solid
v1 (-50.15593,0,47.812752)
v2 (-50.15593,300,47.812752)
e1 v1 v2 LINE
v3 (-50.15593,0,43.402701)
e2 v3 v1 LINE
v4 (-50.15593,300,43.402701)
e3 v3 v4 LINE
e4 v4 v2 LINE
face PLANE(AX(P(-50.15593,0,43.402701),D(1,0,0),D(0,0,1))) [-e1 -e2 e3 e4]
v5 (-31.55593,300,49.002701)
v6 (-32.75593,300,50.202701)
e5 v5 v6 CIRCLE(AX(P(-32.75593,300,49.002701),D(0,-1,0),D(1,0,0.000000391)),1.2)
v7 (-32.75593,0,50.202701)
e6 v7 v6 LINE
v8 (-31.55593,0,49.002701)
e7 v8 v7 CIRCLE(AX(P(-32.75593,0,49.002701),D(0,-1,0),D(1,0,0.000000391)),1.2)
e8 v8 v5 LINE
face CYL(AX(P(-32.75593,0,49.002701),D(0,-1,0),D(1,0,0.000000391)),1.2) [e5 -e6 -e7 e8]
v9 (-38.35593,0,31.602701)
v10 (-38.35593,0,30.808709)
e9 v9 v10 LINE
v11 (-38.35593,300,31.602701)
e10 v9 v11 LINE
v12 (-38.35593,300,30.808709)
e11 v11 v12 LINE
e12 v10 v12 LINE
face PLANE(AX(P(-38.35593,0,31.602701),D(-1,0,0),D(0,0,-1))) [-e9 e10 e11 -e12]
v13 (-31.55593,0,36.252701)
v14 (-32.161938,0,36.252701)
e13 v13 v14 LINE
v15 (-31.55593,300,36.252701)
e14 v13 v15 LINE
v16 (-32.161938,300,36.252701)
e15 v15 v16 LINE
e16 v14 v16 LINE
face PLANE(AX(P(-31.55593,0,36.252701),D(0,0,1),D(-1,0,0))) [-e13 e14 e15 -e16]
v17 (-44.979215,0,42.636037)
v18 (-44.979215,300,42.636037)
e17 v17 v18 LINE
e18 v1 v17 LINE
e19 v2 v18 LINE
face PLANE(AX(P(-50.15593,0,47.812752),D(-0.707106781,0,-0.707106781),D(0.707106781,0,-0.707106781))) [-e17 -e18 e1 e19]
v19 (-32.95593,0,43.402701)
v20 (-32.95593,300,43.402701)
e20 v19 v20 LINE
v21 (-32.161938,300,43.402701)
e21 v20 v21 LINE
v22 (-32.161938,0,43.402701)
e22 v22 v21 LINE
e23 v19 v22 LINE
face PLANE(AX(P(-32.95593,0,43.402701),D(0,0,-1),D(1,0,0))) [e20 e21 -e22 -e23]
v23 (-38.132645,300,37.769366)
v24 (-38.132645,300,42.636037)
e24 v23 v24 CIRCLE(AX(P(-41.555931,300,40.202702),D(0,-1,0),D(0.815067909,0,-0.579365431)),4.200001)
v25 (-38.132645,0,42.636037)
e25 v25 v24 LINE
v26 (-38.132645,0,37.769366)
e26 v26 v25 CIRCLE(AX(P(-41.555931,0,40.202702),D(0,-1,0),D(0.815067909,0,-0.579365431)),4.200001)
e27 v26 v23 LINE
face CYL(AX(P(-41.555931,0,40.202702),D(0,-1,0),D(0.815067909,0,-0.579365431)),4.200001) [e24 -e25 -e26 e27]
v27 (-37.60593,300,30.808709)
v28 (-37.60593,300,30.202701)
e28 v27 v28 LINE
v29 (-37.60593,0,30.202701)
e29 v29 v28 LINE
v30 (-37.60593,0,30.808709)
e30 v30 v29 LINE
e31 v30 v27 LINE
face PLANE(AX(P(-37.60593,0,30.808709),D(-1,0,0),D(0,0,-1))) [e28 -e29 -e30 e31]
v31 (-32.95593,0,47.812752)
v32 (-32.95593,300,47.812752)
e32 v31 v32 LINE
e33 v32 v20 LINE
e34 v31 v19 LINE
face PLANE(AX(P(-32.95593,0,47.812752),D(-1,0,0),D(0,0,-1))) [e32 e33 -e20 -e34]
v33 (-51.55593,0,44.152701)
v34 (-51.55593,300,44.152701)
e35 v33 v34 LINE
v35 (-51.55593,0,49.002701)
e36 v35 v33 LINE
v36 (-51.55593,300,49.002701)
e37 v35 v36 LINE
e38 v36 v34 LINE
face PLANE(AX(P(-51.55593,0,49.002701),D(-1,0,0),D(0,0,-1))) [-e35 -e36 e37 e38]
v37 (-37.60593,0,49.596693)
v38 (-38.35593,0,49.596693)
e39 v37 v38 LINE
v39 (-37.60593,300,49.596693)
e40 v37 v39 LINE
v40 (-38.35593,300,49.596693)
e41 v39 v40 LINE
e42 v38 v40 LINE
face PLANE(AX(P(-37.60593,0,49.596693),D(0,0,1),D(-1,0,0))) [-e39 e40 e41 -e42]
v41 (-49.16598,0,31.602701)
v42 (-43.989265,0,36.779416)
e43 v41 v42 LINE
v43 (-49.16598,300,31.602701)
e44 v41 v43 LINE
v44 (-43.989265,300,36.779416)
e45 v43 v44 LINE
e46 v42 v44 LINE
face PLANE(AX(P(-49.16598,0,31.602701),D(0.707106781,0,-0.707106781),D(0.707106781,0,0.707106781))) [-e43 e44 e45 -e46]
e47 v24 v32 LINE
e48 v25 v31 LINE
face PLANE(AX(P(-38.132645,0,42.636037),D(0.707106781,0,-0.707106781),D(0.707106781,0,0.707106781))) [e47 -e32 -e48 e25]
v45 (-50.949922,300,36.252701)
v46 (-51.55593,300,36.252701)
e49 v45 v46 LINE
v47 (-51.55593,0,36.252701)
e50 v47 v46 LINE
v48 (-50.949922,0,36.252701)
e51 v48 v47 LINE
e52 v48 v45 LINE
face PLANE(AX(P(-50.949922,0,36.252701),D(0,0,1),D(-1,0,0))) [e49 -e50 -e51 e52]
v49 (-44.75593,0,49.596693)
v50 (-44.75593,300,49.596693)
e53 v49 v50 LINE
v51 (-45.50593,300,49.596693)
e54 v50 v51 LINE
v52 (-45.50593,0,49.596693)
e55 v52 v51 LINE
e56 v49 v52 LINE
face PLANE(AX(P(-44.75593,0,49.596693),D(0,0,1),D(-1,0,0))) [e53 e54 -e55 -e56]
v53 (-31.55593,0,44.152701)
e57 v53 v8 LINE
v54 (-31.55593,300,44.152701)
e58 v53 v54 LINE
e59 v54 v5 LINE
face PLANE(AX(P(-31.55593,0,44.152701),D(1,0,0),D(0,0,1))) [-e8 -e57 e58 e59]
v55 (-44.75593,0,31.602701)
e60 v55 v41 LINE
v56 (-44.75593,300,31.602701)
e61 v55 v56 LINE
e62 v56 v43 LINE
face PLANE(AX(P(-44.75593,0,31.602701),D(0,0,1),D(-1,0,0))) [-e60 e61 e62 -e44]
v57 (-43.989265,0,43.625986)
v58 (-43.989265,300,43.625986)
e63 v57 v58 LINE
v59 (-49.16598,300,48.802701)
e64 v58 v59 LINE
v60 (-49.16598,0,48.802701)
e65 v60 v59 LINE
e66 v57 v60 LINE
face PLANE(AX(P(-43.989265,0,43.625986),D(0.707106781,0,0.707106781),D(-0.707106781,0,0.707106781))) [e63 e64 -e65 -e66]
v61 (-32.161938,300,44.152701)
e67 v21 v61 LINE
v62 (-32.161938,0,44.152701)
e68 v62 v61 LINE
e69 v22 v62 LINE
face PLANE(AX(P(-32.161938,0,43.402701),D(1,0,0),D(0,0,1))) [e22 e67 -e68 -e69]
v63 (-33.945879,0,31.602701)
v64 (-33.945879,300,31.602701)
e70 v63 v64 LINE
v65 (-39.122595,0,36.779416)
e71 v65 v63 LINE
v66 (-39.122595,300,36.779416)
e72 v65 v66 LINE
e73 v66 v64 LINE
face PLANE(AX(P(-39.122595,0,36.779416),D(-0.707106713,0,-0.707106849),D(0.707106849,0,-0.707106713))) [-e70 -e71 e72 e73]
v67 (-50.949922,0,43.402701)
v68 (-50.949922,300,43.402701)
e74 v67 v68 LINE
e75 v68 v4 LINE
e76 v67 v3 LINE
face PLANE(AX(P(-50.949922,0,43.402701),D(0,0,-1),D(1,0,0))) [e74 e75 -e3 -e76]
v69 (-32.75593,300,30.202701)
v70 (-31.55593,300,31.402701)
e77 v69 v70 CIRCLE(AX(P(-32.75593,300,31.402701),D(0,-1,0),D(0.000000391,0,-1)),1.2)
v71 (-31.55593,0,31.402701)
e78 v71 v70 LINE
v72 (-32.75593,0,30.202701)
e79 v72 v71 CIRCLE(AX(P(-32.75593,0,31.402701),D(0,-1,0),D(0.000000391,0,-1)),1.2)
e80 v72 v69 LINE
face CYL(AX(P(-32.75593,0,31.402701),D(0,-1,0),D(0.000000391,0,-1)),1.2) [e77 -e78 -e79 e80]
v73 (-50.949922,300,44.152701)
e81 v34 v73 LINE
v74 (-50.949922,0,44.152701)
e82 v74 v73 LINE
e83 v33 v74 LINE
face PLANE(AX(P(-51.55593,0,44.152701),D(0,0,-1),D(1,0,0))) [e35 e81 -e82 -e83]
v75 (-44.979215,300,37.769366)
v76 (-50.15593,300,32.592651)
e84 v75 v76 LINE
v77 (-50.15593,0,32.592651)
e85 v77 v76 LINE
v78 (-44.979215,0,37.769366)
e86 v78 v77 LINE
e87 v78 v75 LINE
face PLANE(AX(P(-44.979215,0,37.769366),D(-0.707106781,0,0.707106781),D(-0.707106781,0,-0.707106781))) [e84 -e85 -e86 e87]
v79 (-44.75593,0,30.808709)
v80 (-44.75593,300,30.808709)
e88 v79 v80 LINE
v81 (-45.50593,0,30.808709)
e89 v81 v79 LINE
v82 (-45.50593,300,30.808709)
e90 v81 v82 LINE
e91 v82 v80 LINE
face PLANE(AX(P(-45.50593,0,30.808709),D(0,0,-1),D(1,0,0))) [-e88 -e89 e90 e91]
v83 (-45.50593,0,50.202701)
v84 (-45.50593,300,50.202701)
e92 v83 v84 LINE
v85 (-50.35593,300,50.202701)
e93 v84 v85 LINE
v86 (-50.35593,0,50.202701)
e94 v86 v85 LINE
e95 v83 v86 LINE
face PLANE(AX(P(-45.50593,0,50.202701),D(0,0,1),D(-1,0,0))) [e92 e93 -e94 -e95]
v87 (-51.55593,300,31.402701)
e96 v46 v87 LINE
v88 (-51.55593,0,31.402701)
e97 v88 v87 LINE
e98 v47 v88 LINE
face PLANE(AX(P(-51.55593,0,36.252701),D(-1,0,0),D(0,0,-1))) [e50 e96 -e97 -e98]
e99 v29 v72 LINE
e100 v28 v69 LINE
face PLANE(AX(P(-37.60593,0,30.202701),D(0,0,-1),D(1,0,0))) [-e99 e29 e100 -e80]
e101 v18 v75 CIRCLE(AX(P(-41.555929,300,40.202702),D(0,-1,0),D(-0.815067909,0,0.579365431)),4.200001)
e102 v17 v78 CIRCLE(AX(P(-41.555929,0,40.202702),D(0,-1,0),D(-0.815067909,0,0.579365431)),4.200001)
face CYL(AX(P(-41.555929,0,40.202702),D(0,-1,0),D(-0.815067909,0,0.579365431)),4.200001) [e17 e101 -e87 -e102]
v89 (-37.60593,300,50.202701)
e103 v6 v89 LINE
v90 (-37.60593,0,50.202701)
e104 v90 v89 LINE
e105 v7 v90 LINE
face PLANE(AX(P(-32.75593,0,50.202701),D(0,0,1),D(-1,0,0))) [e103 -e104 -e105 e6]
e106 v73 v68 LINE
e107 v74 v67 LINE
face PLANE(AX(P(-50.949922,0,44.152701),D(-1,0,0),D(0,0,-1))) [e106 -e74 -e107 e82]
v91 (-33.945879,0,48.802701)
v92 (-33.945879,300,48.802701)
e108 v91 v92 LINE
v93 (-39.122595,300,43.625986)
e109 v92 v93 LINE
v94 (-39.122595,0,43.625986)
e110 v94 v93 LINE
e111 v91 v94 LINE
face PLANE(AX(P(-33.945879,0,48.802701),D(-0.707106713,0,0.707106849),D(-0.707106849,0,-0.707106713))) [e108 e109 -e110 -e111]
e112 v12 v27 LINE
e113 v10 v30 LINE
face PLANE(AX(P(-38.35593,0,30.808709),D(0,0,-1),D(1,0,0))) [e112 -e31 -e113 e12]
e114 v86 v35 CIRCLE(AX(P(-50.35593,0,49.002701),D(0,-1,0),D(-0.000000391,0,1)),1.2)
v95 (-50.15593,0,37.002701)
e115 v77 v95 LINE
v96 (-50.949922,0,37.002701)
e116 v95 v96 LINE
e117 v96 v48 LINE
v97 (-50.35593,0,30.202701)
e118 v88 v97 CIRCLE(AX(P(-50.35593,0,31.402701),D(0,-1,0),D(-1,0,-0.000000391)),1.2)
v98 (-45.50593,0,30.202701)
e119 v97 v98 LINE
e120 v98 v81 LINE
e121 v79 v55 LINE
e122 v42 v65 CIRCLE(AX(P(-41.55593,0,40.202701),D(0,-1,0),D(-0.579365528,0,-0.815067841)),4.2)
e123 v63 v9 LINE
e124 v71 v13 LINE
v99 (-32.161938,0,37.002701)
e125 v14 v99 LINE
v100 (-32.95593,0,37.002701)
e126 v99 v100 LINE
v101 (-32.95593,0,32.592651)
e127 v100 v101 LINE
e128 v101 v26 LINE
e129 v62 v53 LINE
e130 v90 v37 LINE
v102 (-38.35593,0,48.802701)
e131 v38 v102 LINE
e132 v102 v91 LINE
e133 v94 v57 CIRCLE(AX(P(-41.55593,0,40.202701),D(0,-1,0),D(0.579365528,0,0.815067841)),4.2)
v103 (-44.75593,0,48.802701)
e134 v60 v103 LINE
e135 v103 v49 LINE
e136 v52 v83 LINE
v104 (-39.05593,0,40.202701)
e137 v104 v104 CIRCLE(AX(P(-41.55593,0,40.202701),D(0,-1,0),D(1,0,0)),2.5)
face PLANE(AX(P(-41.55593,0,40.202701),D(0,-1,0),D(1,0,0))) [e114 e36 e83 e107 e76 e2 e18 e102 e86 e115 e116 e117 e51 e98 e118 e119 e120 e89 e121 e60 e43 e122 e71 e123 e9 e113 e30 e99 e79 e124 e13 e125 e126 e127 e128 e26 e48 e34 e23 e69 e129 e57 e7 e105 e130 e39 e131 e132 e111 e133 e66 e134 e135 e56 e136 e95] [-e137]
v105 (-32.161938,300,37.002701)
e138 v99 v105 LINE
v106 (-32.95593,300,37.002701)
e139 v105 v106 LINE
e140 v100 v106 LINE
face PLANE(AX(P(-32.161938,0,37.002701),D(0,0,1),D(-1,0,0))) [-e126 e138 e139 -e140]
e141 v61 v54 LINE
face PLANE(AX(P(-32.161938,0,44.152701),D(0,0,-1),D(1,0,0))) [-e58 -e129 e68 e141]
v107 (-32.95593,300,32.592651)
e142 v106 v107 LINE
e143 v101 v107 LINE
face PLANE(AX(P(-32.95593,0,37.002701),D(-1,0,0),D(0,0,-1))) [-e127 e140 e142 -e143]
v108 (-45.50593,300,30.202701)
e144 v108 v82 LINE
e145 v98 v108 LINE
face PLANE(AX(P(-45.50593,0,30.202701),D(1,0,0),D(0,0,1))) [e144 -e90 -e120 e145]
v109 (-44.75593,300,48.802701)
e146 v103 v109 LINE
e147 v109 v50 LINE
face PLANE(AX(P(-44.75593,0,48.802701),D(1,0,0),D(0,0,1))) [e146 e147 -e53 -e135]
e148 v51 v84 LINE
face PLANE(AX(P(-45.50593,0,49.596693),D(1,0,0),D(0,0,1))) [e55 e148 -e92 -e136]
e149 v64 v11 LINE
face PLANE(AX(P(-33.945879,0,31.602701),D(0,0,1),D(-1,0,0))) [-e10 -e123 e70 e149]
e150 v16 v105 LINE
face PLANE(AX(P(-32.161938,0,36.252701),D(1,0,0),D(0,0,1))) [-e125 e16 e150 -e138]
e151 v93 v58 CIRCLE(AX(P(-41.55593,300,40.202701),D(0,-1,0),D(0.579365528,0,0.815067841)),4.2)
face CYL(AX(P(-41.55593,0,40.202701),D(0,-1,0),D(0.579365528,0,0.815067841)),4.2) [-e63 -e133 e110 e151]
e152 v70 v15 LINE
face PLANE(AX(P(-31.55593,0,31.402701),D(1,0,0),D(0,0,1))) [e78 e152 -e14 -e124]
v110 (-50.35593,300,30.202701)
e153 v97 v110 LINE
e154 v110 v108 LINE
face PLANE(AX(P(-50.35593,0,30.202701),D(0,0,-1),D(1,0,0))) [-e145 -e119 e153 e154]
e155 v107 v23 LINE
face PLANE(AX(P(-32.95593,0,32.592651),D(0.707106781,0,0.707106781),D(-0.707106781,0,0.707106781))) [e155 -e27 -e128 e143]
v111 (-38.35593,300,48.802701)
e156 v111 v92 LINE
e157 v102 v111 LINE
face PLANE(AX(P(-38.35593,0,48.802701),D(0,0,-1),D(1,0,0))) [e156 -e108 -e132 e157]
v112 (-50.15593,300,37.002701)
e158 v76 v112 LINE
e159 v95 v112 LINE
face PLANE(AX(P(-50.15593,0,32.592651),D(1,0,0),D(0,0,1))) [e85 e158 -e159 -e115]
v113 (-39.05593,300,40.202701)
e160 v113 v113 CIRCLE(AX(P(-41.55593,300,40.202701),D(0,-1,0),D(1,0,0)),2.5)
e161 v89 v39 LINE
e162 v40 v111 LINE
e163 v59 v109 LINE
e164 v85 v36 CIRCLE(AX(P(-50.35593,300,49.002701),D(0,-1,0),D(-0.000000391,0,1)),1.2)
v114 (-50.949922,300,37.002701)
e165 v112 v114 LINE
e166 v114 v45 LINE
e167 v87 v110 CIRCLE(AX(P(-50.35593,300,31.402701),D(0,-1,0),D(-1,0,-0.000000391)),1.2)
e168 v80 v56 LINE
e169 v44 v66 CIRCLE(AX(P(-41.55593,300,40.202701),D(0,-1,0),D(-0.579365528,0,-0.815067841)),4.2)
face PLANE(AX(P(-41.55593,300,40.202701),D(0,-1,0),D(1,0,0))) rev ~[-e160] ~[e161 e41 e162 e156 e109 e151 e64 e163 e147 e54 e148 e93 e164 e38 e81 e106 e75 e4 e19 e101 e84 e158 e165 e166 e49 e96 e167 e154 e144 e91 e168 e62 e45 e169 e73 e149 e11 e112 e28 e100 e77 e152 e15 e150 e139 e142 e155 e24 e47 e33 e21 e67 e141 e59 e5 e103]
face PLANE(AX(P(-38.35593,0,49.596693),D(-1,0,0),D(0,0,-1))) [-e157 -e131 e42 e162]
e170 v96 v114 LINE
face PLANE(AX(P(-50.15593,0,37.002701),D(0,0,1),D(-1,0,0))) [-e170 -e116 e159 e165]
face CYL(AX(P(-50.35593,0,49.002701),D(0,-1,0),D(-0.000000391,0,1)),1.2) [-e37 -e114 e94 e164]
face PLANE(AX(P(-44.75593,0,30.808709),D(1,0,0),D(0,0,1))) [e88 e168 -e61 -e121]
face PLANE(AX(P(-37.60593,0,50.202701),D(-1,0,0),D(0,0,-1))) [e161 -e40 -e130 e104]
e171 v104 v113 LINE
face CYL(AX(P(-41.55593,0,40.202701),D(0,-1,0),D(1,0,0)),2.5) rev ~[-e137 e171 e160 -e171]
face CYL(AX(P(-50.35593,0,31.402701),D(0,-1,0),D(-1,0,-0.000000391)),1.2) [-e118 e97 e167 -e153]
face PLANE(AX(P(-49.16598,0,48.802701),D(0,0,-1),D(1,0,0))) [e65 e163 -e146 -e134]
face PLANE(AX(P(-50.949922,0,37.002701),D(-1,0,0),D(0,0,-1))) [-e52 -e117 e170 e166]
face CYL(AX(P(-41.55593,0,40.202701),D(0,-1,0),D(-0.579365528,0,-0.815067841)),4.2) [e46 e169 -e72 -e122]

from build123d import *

# Parameters (mm, degrees)
F0_R     = 2.5
F1_DEPTH = 300


with BuildPart() as f1:
    # F0 (on Front) → F1 (new body)
    with BuildSketch(Plane.XZ):
        with BuildLine():
            Line((-50.15593, 47.812752), (-44.979215, 42.636037))
            ThreePointArc((-44.979215, 42.636037), (-45.75593, 40.202701), (-44.979215, 37.769366))
            Line((-44.979215, 37.769366), (-50.15593, 32.592651))
            Line((-50.15593, 32.592651), (-50.15593, 37.002701))
            Line((-50.15593, 37.002701), (-50.949922, 37.002701))
            Line((-50.949922, 37.002701), (-50.949922, 36.252701))
            Line((-50.949922, 36.252701), (-51.55593, 36.252701))
            Line((-51.55593, 36.252701), (-51.55593, 31.402701))
            ThreePointArc((-51.55593, 31.402701), (-51.204458, 30.554173), (-50.35593, 30.202701))
            Line((-50.35593, 30.202701), (-45.50593, 30.202701))
            Line((-45.50593, 30.202701), (-45.50593, 30.808709))
            Line((-45.50593, 30.808709), (-44.75593, 30.808709))
            Line((-44.75593, 30.808709), (-44.75593, 31.602701))
            Line((-44.75593, 31.602701), (-49.16598, 31.602701))
            Line((-49.16598, 31.602701), (-43.989265, 36.779416))
            ThreePointArc((-43.989265, 36.779416), (-41.55593, 36.002701), (-39.122595, 36.779416))
            Line((-39.122595, 36.779416), (-33.945879, 31.602701))
            Line((-33.945879, 31.602701), (-38.35593, 31.602701))
            Line((-38.35593, 31.602701), (-38.35593, 30.808709))
            Line((-38.35593, 30.808709), (-37.60593, 30.808709))
            Line((-37.60593, 30.808709), (-37.60593, 30.202701))
            Line((-37.60593, 30.202701), (-32.75593, 30.202701))
            ThreePointArc((-32.75593, 30.202701), (-31.907402, 30.554173), (-31.55593, 31.402701))
            Line((-31.55593, 31.402701), (-31.55593, 36.252701))
            Line((-31.55593, 36.252701), (-32.161938, 36.252701))
            Line((-32.161938, 36.252701), (-32.161938, 37.002701))
            Line((-32.161938, 37.002701), (-32.95593, 37.002701))
            Line((-32.95593, 37.002701), (-32.95593, 32.592651))
            Line((-32.95593, 32.592651), (-38.132645, 37.769366))
            ThreePointArc((-38.132645, 37.769366), (-37.35593, 40.202701), (-38.132645, 42.636037))
            Line((-38.132645, 42.636037), (-32.95593, 47.812752))
            Line((-32.95593, 47.812752), (-32.95593, 43.402701))
            Line((-32.95593, 43.402701), (-32.161938, 43.402701))
            Line((-32.161938, 43.402701), (-32.161938, 44.152701))
            Line((-32.161938, 44.152701), (-31.55593, 44.152701))
            Line((-31.55593, 44.152701), (-31.55593, 49.002701))
            ThreePointArc((-31.55593, 49.002701), (-31.907402, 49.851229), (-32.75593, 50.202701))
            Line((-32.75593, 50.202701), (-37.60593, 50.202701))
            Line((-37.60593, 50.202701), (-37.60593, 49.596693))
            Line((-37.60593, 49.596693), (-38.35593, 49.596693))
            Line((-38.35593, 49.596693), (-38.35593, 48.802701))
            Line((-38.35593, 48.802701), (-33.945879, 48.802701))
            Line((-33.945879, 48.802701), (-39.122595, 43.625986))
            ThreePointArc((-39.122595, 43.625986), (-41.55593, 44.402701), (-43.989265, 43.625986))
            Line((-43.989265, 43.625986), (-49.16598, 48.802701))
            Line((-49.16598, 48.802701), (-44.75593, 48.802701))
            Line((-44.75593, 48.802701), (-44.75593, 49.596693))
            Line((-44.75593, 49.596693), (-45.50593, 49.596693))
            Line((-45.50593, 49.596693), (-45.50593, 50.202701))
            Line((-45.50593, 50.202701), (-50.35593, 50.202701))
            ThreePointArc((-50.35593, 50.202701), (-51.204458, 49.851229), (-51.55593, 49.002701))
            Line((-51.55593, 49.002701), (-51.55593, 44.152701))
            Line((-51.55593, 44.152701), (-50.949922, 44.152701))
            Line((-50.949922, 44.152701), (-50.949922, 43.402701))
            Line((-50.949922, 43.402701), (-50.15593, 43.402701))
            Line((-50.15593, 43.402701), (-50.15593, 47.812752))
        make_face()
        with Locations((-41.55593, 40.202701)):
            Circle(F0_R, mode=Mode.SUBTRACT)
    extrude(amount=-F1_DEPTH)


solid = f1.part
